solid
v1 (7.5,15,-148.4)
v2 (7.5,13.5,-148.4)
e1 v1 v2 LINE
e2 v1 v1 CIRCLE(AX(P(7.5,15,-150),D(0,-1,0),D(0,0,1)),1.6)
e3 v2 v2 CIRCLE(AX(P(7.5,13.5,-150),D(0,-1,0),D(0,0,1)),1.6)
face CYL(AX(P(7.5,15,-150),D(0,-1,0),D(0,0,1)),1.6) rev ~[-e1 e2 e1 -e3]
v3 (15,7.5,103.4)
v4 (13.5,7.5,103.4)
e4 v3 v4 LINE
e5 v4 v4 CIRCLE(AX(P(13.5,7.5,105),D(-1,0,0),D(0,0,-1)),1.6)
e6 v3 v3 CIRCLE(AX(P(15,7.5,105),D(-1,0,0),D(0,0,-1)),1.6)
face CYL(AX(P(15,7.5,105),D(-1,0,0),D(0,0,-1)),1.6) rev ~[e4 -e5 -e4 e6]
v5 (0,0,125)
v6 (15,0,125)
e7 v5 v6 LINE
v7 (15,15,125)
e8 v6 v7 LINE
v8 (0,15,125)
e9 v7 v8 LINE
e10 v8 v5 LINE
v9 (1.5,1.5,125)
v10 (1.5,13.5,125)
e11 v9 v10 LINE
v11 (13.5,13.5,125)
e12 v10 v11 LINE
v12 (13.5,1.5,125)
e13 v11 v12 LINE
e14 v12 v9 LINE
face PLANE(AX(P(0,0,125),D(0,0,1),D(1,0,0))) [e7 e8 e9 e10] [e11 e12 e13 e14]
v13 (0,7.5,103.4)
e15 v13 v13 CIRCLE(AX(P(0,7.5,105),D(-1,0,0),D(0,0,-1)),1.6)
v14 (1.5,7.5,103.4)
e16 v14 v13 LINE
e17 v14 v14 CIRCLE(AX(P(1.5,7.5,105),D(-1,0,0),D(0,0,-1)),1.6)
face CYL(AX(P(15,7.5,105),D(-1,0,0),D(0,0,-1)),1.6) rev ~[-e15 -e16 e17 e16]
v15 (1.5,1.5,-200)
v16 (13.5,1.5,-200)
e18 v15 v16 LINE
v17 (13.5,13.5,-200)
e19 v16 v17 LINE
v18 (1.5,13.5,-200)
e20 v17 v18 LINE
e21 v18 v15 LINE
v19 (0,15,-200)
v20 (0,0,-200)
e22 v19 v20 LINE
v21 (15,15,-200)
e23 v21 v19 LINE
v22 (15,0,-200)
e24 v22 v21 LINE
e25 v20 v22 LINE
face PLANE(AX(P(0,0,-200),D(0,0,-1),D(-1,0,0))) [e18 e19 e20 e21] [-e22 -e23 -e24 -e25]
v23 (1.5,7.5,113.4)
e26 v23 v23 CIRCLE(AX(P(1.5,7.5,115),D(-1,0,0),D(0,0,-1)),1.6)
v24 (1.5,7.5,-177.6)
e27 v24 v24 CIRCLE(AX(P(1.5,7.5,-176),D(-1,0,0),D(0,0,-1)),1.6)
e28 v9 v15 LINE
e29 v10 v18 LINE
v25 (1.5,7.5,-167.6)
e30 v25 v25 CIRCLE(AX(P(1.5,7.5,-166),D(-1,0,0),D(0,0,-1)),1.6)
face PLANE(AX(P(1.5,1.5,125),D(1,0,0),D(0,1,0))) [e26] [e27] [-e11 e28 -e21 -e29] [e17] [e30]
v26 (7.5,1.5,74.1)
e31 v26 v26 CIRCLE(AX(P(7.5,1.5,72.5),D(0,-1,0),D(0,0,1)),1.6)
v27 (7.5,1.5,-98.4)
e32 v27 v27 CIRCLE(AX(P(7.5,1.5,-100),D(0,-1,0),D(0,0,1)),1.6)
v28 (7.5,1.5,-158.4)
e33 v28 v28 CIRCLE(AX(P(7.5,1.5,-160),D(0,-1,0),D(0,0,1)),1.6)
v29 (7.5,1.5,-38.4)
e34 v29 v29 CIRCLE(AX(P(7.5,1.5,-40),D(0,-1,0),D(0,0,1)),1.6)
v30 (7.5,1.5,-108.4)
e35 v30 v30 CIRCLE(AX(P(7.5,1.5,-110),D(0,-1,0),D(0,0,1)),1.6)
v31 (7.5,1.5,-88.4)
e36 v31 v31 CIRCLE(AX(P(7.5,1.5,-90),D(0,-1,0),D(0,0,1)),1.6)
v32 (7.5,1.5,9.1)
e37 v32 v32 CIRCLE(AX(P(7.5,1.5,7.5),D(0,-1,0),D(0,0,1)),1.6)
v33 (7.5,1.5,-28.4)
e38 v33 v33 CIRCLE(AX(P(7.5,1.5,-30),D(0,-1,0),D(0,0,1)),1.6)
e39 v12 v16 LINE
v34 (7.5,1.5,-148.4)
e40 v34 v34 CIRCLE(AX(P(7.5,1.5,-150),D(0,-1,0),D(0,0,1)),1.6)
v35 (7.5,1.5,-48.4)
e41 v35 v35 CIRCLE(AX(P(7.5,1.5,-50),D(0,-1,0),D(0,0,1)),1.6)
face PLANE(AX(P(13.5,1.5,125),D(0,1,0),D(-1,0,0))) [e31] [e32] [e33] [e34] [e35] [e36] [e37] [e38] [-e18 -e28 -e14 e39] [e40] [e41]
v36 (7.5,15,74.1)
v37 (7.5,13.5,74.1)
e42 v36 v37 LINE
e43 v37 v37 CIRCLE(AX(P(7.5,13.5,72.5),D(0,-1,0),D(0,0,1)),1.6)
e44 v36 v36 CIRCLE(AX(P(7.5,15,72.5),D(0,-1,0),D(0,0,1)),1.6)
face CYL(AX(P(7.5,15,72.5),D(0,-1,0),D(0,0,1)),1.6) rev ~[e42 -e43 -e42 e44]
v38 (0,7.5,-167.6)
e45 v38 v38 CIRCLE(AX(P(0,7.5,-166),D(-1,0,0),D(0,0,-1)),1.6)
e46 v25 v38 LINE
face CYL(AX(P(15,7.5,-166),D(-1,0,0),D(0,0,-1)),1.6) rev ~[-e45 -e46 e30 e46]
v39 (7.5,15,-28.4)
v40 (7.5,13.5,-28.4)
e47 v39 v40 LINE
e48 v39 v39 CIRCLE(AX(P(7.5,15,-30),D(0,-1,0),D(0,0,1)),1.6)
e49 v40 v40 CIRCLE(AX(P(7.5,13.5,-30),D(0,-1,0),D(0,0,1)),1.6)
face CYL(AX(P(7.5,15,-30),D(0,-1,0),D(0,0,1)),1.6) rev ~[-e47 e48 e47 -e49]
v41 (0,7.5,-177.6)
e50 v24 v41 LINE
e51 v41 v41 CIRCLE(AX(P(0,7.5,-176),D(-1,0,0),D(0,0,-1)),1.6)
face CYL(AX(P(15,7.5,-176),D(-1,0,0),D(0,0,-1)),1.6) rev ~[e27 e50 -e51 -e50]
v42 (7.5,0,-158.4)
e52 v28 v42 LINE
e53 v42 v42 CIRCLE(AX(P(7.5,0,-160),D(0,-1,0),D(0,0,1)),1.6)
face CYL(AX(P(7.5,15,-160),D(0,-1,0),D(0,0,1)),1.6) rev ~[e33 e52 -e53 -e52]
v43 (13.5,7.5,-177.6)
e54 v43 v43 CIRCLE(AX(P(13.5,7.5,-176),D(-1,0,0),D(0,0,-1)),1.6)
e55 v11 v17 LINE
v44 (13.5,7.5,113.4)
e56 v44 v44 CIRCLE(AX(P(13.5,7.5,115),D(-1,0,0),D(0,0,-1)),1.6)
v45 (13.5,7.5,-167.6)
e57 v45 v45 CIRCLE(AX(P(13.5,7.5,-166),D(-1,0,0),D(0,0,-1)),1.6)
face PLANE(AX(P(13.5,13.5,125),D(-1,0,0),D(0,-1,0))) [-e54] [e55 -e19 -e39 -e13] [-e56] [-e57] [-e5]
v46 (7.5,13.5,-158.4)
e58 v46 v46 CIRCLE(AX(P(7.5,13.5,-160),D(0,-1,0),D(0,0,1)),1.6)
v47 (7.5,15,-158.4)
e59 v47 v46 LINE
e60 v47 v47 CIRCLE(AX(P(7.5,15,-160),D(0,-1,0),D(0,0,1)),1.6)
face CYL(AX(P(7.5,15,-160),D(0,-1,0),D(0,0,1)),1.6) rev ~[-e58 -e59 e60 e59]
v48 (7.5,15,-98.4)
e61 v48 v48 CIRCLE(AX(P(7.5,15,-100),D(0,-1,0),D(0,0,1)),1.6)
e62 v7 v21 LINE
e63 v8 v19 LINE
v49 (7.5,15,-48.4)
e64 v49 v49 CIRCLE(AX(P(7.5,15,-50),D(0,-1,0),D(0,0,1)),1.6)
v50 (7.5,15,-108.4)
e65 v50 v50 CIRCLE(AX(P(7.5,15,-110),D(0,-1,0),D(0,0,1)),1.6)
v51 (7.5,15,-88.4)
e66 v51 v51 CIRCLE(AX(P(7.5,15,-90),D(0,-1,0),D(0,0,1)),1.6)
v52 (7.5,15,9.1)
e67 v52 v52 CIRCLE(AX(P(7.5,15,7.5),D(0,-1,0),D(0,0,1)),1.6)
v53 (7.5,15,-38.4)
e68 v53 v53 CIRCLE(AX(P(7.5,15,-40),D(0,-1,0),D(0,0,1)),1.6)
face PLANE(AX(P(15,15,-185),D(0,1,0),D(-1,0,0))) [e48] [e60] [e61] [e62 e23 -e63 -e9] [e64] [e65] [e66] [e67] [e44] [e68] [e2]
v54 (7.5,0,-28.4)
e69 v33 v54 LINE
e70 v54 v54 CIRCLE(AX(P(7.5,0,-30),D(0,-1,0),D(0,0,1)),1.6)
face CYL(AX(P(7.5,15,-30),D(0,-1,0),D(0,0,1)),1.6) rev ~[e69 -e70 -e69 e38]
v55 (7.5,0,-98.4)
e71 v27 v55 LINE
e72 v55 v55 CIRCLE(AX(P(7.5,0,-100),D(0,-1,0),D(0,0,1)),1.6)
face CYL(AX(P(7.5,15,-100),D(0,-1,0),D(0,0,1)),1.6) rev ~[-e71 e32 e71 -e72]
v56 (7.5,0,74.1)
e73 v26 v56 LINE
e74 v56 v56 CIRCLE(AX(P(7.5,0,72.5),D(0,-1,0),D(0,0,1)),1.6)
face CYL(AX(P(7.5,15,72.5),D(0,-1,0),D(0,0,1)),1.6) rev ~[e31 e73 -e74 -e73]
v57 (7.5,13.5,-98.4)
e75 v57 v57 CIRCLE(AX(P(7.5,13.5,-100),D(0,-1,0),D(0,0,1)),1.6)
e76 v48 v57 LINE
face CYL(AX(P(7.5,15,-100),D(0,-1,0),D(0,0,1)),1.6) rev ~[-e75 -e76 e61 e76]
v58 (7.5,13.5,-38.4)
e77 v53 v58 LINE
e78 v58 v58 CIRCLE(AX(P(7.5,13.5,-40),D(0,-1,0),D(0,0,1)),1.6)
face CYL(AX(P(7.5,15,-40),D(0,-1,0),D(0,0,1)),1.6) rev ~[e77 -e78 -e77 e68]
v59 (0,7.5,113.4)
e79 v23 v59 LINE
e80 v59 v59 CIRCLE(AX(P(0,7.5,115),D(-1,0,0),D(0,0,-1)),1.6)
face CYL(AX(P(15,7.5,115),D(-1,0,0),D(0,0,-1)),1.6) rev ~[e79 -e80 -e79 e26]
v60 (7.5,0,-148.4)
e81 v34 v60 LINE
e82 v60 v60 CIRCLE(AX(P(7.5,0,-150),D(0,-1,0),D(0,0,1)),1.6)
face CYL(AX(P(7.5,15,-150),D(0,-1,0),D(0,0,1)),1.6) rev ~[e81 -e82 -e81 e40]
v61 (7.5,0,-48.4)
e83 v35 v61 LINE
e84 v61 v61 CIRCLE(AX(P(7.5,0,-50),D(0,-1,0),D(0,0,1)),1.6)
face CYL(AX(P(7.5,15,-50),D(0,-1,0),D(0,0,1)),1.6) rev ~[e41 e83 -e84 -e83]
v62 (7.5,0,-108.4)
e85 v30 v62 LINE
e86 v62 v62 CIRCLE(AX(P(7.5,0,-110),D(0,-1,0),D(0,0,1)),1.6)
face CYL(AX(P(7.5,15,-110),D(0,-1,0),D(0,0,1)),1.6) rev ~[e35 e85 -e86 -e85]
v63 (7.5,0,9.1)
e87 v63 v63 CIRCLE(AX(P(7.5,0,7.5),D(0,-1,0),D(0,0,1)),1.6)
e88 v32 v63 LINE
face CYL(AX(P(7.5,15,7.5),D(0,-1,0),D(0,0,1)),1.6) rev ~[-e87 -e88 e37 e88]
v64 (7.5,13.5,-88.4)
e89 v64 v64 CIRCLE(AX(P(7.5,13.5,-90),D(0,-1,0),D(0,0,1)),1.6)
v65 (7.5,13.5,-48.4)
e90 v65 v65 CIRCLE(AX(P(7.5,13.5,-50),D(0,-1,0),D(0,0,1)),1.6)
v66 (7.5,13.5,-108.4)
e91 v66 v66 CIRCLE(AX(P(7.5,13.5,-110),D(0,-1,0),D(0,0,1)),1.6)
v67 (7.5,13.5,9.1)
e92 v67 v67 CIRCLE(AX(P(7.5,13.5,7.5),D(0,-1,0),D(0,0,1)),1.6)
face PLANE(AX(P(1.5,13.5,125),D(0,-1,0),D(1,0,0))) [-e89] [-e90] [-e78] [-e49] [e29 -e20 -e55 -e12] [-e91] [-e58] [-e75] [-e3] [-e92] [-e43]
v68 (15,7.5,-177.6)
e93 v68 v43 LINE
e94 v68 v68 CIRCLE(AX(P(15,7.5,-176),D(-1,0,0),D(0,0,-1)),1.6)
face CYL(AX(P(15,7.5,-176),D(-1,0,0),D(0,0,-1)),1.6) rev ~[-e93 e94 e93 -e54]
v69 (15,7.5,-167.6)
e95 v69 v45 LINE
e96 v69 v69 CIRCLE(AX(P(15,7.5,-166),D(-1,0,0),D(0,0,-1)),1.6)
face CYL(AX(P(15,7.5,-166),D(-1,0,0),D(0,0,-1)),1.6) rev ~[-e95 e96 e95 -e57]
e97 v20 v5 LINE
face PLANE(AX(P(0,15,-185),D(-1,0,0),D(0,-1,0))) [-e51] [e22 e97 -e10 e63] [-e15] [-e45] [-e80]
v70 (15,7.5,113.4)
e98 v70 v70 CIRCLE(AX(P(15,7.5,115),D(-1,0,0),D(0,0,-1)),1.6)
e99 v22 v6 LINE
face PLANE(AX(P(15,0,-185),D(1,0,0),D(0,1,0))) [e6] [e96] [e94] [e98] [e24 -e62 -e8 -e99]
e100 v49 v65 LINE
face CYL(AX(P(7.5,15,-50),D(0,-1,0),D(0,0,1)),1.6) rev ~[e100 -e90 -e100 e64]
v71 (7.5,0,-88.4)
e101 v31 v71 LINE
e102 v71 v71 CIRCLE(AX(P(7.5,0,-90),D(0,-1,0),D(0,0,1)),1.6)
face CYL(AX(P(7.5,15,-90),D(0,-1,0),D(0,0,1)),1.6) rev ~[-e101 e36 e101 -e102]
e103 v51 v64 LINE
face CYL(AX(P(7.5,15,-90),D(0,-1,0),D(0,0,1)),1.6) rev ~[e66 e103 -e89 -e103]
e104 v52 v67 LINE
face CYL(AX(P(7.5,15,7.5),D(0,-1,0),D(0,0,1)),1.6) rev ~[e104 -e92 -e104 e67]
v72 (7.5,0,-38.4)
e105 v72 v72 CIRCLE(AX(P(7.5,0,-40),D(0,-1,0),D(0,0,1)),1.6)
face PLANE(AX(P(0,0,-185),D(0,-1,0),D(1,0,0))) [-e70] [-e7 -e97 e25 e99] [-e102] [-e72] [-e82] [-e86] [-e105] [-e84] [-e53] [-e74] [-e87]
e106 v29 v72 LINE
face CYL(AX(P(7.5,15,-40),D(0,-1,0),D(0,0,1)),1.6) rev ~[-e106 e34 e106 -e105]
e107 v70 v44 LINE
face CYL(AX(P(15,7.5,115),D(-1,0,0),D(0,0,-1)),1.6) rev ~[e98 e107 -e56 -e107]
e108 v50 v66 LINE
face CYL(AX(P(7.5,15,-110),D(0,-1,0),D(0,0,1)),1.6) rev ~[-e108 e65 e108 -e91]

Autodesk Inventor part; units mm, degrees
ref_plane "YZ Plane" through (0, 0, 0) normal (1, 0, 0) x (0, 1, 0)
ref_plane "XZ Plane" through (0, 0, 0) normal (0, 1, 0) x (-1, 0, 0)
ref_plane "XY Plane" through (0, 0, 0) normal (0, 0, 1) x (1, 0, 0)
sketch "スケッチ1" plane through (0, 0, 0) normal (0, 0, 1) x (1, 0, 0)
  line L0 (0, 0) -> (15, 0)
  line L1 (15, 0) -> (15, 15)
  line L2 (15, 15) -> (0, 15)
  line L3 (0, 15) -> (0, 0)
  dimension "d0" = 15
  dimension "d1" = 15
extrude "押し出し1" add sketch "スケッチ1" along normal blind 140
sketch "スケッチ2" plane through (0, 15, 0) normal (0, 1, 0) x (1, 0, 0)
  line L0 (0, 0) -> (0, -140) construction
  line L1 (15, -80) -> (15, -65) construction
  line L2 (15, -65) -> (0, -65) construction
  circle A0 centre (7.5, -72.5) radius 1.6
  line L3 (15, 0) -> (15, -140) construction
  line L4 (15, 0) -> (0, 0) construction
  line L5 (0, 0) -> (0, -15) construction
  line L6 (0, -15) -> (15, -15) construction
  line L7 (15, -15) -> (15, 0) construction
  circle A1 centre (7.5, -7.5) radius 1.6
  dimension "d5" = 15
  dimension "d6" = 15
  dimension "d7" = 3.2
  dimension "d8" = 15
  dimension "d9" = 15
  dimension "d10" = 3.2
hole "穴1" at (7.5, 15, 72.5) at (7.5, 15, 7.5) direction (0, -1, 0) diameter 3.2 end through all
sketch "スケッチ3" plane through (0, 0, 0) normal (0, 0, -1) x (-1, 0, 0)
  line L0 (0, 0) -> (-15, 0)
  line L1 (-15, 0) -> (-15, 15)
  line L2 (-15, 15) -> (0, 15)
  line L3 (0, 15) -> (0, 0)
  dimension "d18" = 15
  dimension "d19" = 15
extrude "押し出し2" add sketch "スケッチ3" along normal blind 200
sketch "スケッチ4" plane through (0, 0, -200) normal (0, 0, -1) x (-1, 0, 0)
  point P0 (0, 0)
sketch "スケッチ5" plane through (0, 0, -200) normal (0, 0, -1) x (-1, 0, 0)
  line L0 (0, 0) -> (-15, 0) projected
  line L1 (0, 0) -> (-15, 0)
  line L2 (-15, 0) -> (-15, 15)
  line L3 (-15, 15) -> (0, 15)
  line L4 (0, 15) -> (0, 0)
  dimension "d22" = 15
  dimension "d23" = 15
extrude "押し出し3" cut sketch "スケッチ5" against normal blind 15
sketch "スケッチ6" plane through (0, 0, -185) normal (0, 0, -1) x (-1, 0, 0)
  line L0 (0, 15) -> (0, 0) projected
  line L1 (0, 0) -> (-15, 0)
  line L2 (-15, 0) -> (-15, 15)
  line L3 (-15, 15) -> (0, 15)
  line L4 (0, 15) -> (0, 0)
  dimension "d26" = 15
  dimension "d27" = 15
extrude "押し出し4" add sketch "スケッチ6" along normal blind 15
sketch "スケッチ7" plane through (0, 0, 140) normal (0, 0, 1) x (1, 0, 0)
  line L0 (0, 0) -> (15, 0)
  line L1 (15, 0) -> (15, 15)
  line L2 (15, 15) -> (0, 15)
  line L3 (0, 15) -> (0, 0)
  dimension "d30" = 15
  dimension "d31" = 15
extrude "押し出し5" cut sketch "スケッチ7" against normal blind 15
sketch "スケッチ9" plane through (15, 0, -200) normal (1, 0, 0) x (0, 0, -1)
  circle A0 centre (-315, 7.5) radius 1.6
  line L0 (-325, 15) -> (-325, 0) projected
  line L1 (-325, 0) -> (0, 0) projected
  point P0 (-200, 0)
  dimension "d44" = 3.2
  dimension "d45" = 10
  dimension "d46" = 7.5
hole "穴3" at (15, 7.5, 115) direction (-1, 0, 0) diameter 3.2 end through all
sketch "スケッチ10" plane through (15, 0, -200) normal (1, 0, 0) x (0, 0, -1)
  circle A0 centre (-315, 7.5) radius 1.6 projected
  line L0 (-325, 0) -> (0, 0) projected
  point P0 (-200, 0)
  point P1 (-305, 7.5)
  dimension "d54" = 10
  dimension "d55" = 7.5
hole "穴4" at (15, 7.5, 105) direction (-1, 0, 0) diameter 3.2 end through all
sketch "スケッチ11" plane through (15, 0, -200) normal (1, 0, 0) x (0, 0, -1)
  line L0 (0, 15) -> (0, 0) projected
  line L1 (0, 15) -> (-325, 15) projected
  point P0 (-200, 0)
  point P1 (-24, 7.5)
  point P2 (-34, 7.5)
  dimension "d63" = 24
  dimension "d64" = 7.5
  dimension "d65" = 10
  dimension "d66" = 7.5
hole "穴5" at (15, 7.5, -166) at (15, 7.5, -176) direction (-1, 0, 0) diameter 3.2 end through all
sketch "スケッチ12" plane through (0, 15, -200) normal (0, 1, 0) x (1, 0, 0)
  line L0 (0, 0) -> (15, 0) projected
  point P0 (0, -200)
  point P1 (7.5, -40)
  point P2 (7.5, -50)
  point P3 (7.5, -90)
  point P4 (7.5, -100)
  point P5 (7.5, -110)
  point P6 (7.5, -150)
  point P7 (7.5, -160)
  point P8 (7.5, -170)
  dimension "d74" = 40
  dimension "d75" = 7.5
  dimension "d76" = 10
  dimension "d77" = 90
  dimension "d78" = 10
  dimension "d79" = 10
  dimension "d80" = 150
  dimension "d81" = 10
  dimension "d82" = 10
hole "穴6" at (7.5, 15, -30) at (7.5, 15, -40) at (7.5, 15, -50) at (7.5, 15, -90) at (7.5, 15, -100) at (7.5, 15, -110) at (7.5, 15, -150) at (7.5, 15, -160) direction (0, -1, 0) diameter 3.2 end through all
sketch "スケッチ13" plane through (0, 0, 125) normal (0, 0, 1) x (1, 0, 0)
  line L0 (1.5, 13.5) -> (13.5, 13.5)
  line L1 (13.5, 13.5) -> (13.5, 1.5)
  line L2 (13.5, 1.5) -> (1.5, 1.5)
  line L3 (1.5, 1.5) -> (1.5, 13.5)
  line L4 (0, 0) -> (0, 15) projected
  line L5 (0, 15) -> (15, 15) projected
  dimension "d90" = 12
  dimension "d91" = 12
  dimension "d92" = 1.5
  dimension "d93" = 1.5
extrude "押し出し6" cut sketch "スケッチ13" against normal blind 340
properties part number "射出_角柱2" material "アルミニウム 6061"
